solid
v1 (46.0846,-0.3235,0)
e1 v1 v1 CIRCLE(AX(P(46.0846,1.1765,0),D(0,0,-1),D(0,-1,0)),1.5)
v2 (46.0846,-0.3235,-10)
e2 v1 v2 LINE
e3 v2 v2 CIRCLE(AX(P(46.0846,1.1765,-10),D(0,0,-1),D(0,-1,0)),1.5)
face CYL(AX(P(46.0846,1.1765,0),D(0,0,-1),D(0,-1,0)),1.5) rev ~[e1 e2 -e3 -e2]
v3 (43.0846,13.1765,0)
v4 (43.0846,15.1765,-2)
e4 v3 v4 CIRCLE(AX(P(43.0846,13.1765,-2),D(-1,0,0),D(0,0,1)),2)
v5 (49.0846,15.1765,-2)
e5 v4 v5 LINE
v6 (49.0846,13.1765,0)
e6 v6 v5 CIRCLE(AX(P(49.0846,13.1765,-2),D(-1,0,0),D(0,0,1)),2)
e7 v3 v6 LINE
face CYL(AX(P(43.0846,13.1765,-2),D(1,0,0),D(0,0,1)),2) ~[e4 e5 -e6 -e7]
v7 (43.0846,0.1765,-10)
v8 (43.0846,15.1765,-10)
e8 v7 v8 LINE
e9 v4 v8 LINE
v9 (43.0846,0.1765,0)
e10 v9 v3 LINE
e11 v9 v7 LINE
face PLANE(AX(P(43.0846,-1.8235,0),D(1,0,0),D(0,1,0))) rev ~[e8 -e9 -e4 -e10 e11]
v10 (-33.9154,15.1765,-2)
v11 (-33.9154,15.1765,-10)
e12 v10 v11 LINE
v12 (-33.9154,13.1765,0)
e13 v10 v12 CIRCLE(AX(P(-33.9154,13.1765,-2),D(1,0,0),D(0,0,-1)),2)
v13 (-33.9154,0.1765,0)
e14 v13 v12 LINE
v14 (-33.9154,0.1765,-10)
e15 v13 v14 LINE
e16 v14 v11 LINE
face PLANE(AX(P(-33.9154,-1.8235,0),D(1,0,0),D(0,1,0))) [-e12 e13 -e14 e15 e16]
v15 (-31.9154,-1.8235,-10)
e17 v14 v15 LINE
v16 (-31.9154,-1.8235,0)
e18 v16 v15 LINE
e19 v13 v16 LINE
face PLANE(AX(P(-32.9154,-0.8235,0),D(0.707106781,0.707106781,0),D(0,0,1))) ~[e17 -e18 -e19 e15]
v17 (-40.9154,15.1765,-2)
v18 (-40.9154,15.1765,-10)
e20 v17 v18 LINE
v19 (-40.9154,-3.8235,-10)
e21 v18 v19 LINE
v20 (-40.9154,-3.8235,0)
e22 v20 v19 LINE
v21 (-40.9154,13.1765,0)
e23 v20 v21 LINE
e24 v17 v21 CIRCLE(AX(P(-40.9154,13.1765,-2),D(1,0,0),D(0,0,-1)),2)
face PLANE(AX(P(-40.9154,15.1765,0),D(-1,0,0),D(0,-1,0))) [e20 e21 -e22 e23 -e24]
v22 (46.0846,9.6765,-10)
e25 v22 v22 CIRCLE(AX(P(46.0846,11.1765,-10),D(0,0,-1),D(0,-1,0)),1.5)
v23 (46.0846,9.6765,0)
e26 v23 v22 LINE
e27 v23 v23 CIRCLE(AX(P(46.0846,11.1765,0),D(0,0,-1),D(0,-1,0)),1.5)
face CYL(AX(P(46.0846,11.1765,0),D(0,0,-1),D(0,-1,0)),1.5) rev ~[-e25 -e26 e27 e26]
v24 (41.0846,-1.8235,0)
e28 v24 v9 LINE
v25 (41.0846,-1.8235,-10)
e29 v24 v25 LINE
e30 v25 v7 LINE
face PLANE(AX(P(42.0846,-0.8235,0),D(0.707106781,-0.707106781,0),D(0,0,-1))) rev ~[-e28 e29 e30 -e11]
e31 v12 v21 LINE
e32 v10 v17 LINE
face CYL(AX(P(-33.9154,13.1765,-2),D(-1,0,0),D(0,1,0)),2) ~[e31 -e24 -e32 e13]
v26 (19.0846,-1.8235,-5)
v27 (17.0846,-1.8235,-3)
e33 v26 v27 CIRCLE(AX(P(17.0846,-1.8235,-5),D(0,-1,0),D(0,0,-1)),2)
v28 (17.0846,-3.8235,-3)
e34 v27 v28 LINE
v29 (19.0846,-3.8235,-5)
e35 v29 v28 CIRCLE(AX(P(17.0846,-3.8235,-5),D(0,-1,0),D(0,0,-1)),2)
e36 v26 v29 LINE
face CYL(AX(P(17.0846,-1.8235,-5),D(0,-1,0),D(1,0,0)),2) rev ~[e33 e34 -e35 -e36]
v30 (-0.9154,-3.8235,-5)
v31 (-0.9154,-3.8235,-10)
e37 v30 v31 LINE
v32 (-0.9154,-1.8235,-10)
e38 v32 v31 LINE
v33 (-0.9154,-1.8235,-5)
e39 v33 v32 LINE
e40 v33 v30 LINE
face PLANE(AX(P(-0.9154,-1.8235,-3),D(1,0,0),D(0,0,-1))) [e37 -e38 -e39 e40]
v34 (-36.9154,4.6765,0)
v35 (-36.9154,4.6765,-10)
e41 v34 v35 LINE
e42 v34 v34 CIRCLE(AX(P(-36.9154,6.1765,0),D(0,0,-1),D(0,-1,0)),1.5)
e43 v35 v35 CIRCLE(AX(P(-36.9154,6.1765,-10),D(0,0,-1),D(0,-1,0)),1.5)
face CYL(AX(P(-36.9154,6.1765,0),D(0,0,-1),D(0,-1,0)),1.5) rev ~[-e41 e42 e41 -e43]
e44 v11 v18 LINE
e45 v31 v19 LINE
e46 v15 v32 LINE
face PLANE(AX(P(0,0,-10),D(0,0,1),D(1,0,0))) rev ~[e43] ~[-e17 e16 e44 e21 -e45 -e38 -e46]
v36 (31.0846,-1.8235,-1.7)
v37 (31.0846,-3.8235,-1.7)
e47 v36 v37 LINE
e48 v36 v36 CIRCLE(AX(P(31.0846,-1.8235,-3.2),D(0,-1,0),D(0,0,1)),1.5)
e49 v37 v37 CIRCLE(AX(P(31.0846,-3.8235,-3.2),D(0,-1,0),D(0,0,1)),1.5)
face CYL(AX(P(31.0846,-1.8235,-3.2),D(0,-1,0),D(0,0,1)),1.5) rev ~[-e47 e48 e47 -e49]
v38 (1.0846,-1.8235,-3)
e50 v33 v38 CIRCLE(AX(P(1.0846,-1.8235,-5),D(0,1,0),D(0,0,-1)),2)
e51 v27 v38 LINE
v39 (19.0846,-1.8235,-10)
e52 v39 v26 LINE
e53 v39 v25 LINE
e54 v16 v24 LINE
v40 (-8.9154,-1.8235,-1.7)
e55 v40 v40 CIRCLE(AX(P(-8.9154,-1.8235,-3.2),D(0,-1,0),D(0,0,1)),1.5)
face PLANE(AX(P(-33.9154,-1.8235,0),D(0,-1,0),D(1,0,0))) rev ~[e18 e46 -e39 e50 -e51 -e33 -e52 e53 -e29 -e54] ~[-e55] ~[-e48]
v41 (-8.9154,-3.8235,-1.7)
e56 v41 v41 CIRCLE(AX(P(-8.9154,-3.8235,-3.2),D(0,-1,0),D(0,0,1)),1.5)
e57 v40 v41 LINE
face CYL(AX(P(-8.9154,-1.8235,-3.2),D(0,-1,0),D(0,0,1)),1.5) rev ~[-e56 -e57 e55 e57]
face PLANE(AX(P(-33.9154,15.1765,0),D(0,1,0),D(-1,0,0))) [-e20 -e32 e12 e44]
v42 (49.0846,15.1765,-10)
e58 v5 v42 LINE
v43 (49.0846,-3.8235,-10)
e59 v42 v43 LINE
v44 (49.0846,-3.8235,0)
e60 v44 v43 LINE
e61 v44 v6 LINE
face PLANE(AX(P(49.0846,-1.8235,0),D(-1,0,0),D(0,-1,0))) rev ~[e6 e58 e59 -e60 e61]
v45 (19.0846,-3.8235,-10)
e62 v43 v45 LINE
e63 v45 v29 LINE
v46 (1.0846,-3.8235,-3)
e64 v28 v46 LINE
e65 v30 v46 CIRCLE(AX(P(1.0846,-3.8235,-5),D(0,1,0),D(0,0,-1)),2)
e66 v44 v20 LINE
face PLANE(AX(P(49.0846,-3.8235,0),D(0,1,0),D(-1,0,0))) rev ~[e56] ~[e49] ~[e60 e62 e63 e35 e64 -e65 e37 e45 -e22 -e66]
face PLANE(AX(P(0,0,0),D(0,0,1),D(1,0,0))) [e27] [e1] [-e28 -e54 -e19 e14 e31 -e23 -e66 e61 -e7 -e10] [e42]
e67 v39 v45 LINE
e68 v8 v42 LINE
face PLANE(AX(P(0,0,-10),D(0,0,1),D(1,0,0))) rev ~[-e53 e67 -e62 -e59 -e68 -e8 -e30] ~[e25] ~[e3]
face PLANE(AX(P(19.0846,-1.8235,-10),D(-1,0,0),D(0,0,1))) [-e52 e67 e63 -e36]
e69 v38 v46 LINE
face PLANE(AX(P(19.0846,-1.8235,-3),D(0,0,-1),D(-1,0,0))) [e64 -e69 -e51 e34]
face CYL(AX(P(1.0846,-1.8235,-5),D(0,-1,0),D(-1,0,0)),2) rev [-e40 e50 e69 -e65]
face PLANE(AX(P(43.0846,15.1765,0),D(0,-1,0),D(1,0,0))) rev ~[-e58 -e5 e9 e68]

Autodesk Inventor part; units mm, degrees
ref_plane "YZ Plane" through (0, 0, 0) normal (1, 0, 0) x (0, 1, 0)
ref_plane "XZ Plane" through (0, 0, 0) normal (0, 1, 0) x (-1, 0, 0)
ref_plane "XY Plane" through (0, 0, 0) normal (0, 0, 1) x (1, 0, 0)
sketch "Sketch1" plane through (0, 0, 0) normal (0, 0, 1) x (1, 0, 0)
  line L0 (-40.9154, -1.8235) -> (49.0846, -1.8235)
  line L1 (49.0846, -1.8235) -> (49.0846, -3.8235)
  line L2 (49.0846, -3.8235) -> (-40.9154, -3.8235)
  line L3 (-40.9154, -3.8235) -> (-40.9154, -1.8235)
  line L4 (-40.9154, -1.8235) -> (-33.9154, -1.8235)
  line L5 (-33.9154, -1.8235) -> (-33.9154, 15.1765)
  line L6 (-33.9154, 15.1765) -> (-40.9154, 15.1765)
  line L7 (-40.9154, 15.1765) -> (-40.9154, -1.8235)
  line L8 (49.0846, -1.8235) -> (43.0846, -1.8235)
  line L9 (43.0846, -1.8235) -> (43.0846, 15.1765)
  line L10 (43.0846, 15.1765) -> (49.0846, 15.1765)
  line L11 (49.0846, 15.1765) -> (49.0846, -1.8235)
  circle A0 centre (-36.9154, 6.1765) radius 1.5
  circle A1 centre (46.0846, 11.1765) radius 1.5
  circle A2 centre (46.0846, 1.1765) radius 1.5
  point P0 (0, 0)
  point P1 (43.0846, -1.8235)
  point P2 (43.0846, -1.8235)
  dimension "d0" = 2
  dimension "d1" = 90
  dimension "d2" = 10
  dimension "d3" = 5
  dimension "d4" = 15
  dimension "d5" = 83
  dimension "d6" = 83
  dimension "d7" = 4
  dimension "d8" = 3
  dimension "d9" = 3
  dimension "d10" = 3
  dimension "d11" = 19
  dimension "d12" = 3
  dimension "d13" = 3
  dimension "d14" = 3
extrude "Extrusion1" add sketch "Sketch1" against normal blind 10 contours L7 L6 L5 L0 | L0 L1 L2 L3 | L9 L10 L11 L0 | A0 | A1 | A2
fillet "Fillet1" radius 2 2 edges at (-37.4154, 15.1765, 0) (46.0846, 15.1765, 0)
sketch "Sketch2" plane through (0, 0, 0) normal (0, 0, 1) x (1, 0, 0)
  line L0 (-40.9154, -3.8235) -> (49.0846, -3.8235) projected
  line L1 (-40.9154, 13.1765) -> (-40.9154, -3.8235) projected
  line L2 (49.0846, -3.8235) -> (49.0846, 13.1765) projected
  point P0 (0, 0)
  point P1 (-36.9154, 6.1765)
  point P2 (46.0846, 1.1765)
  point P3 (46.0846, 11.1765)
  dimension "d18" = 10
  dimension "d19" = 5
  dimension "d20" = 15
  dimension "d21" = 4
  dimension "d22" = 83
  dimension "d23" = 83
  dimension "d24" = 3
hole "Hole1" at (-36.9154, 6.1765, 0) at (46.0846, 1.1765, 0) at (46.0846, 11.1765, 0) direction (0, 0, -1) diameter 3 depth 10 tip angle 118
chamfer "Chamfer1" distance 2 angle 45 2 edges at (-33.9154, -1.8235, -5) (43.0846, -1.8235, -5)
sketch "Sketch3" plane through (-31.9154, -1.8235, 0) normal (0, 1, 0) x (1, 0, 0)
  line L0 (73, 0) -> (0, 0) projected
  line L1 (73, 10) -> (73, 0) projected
  point P0 (31.9154, 0)
  point P1 (23, 3.2)
  point P2 (63, 3.2)
  point P3 (68.374, 17.0038)
  dimension "d35" = 3.2
  dimension "d36" = 3.2
  dimension "d37" = 10
  dimension "d38" = 50
hole "Hole2" at (-8.9154, -1.8235, -3.2) at (31.0846, -1.8235, -3.2) at (36.4586, -1.8235, -17.0038) direction (0, -1, 0) diameter 3 depth 10 tip angle 118
sketch "Sketch4" plane through (-31.9154, -1.8235, 0) normal (0, 1, 0) x (1, 0, 0)
  line L0 (0, 10) -> (73, 10) projected
  line L1 (31, 10) -> (51, 10)
  line L2 (51, 10) -> (51, 3)
  line L3 (51, 3) -> (31, 3)
  line L4 (31, 3) -> (31, 10)
  circle A0 centre (23, 3.2) radius 1.5 projected
  circle A1 centre (63, 3.2) radius 1.5 projected
  line L5 (73, 0) -> (0, 0) projected
  point P0 (31.9154, 0)
  dimension "d46" = 8
  dimension "d47" = 12
  dimension "d48" = 3
extrude "Extrusion2" cut sketch "Sketch4" against normal blind 2 contours L0 L2 L3 L4
fillet "Fillet2" radius 2 2 edges at (-0.9154, -2.8235, -3) (19.0846, -2.8235, -3)
properties part number "atx-adapter_mount"
